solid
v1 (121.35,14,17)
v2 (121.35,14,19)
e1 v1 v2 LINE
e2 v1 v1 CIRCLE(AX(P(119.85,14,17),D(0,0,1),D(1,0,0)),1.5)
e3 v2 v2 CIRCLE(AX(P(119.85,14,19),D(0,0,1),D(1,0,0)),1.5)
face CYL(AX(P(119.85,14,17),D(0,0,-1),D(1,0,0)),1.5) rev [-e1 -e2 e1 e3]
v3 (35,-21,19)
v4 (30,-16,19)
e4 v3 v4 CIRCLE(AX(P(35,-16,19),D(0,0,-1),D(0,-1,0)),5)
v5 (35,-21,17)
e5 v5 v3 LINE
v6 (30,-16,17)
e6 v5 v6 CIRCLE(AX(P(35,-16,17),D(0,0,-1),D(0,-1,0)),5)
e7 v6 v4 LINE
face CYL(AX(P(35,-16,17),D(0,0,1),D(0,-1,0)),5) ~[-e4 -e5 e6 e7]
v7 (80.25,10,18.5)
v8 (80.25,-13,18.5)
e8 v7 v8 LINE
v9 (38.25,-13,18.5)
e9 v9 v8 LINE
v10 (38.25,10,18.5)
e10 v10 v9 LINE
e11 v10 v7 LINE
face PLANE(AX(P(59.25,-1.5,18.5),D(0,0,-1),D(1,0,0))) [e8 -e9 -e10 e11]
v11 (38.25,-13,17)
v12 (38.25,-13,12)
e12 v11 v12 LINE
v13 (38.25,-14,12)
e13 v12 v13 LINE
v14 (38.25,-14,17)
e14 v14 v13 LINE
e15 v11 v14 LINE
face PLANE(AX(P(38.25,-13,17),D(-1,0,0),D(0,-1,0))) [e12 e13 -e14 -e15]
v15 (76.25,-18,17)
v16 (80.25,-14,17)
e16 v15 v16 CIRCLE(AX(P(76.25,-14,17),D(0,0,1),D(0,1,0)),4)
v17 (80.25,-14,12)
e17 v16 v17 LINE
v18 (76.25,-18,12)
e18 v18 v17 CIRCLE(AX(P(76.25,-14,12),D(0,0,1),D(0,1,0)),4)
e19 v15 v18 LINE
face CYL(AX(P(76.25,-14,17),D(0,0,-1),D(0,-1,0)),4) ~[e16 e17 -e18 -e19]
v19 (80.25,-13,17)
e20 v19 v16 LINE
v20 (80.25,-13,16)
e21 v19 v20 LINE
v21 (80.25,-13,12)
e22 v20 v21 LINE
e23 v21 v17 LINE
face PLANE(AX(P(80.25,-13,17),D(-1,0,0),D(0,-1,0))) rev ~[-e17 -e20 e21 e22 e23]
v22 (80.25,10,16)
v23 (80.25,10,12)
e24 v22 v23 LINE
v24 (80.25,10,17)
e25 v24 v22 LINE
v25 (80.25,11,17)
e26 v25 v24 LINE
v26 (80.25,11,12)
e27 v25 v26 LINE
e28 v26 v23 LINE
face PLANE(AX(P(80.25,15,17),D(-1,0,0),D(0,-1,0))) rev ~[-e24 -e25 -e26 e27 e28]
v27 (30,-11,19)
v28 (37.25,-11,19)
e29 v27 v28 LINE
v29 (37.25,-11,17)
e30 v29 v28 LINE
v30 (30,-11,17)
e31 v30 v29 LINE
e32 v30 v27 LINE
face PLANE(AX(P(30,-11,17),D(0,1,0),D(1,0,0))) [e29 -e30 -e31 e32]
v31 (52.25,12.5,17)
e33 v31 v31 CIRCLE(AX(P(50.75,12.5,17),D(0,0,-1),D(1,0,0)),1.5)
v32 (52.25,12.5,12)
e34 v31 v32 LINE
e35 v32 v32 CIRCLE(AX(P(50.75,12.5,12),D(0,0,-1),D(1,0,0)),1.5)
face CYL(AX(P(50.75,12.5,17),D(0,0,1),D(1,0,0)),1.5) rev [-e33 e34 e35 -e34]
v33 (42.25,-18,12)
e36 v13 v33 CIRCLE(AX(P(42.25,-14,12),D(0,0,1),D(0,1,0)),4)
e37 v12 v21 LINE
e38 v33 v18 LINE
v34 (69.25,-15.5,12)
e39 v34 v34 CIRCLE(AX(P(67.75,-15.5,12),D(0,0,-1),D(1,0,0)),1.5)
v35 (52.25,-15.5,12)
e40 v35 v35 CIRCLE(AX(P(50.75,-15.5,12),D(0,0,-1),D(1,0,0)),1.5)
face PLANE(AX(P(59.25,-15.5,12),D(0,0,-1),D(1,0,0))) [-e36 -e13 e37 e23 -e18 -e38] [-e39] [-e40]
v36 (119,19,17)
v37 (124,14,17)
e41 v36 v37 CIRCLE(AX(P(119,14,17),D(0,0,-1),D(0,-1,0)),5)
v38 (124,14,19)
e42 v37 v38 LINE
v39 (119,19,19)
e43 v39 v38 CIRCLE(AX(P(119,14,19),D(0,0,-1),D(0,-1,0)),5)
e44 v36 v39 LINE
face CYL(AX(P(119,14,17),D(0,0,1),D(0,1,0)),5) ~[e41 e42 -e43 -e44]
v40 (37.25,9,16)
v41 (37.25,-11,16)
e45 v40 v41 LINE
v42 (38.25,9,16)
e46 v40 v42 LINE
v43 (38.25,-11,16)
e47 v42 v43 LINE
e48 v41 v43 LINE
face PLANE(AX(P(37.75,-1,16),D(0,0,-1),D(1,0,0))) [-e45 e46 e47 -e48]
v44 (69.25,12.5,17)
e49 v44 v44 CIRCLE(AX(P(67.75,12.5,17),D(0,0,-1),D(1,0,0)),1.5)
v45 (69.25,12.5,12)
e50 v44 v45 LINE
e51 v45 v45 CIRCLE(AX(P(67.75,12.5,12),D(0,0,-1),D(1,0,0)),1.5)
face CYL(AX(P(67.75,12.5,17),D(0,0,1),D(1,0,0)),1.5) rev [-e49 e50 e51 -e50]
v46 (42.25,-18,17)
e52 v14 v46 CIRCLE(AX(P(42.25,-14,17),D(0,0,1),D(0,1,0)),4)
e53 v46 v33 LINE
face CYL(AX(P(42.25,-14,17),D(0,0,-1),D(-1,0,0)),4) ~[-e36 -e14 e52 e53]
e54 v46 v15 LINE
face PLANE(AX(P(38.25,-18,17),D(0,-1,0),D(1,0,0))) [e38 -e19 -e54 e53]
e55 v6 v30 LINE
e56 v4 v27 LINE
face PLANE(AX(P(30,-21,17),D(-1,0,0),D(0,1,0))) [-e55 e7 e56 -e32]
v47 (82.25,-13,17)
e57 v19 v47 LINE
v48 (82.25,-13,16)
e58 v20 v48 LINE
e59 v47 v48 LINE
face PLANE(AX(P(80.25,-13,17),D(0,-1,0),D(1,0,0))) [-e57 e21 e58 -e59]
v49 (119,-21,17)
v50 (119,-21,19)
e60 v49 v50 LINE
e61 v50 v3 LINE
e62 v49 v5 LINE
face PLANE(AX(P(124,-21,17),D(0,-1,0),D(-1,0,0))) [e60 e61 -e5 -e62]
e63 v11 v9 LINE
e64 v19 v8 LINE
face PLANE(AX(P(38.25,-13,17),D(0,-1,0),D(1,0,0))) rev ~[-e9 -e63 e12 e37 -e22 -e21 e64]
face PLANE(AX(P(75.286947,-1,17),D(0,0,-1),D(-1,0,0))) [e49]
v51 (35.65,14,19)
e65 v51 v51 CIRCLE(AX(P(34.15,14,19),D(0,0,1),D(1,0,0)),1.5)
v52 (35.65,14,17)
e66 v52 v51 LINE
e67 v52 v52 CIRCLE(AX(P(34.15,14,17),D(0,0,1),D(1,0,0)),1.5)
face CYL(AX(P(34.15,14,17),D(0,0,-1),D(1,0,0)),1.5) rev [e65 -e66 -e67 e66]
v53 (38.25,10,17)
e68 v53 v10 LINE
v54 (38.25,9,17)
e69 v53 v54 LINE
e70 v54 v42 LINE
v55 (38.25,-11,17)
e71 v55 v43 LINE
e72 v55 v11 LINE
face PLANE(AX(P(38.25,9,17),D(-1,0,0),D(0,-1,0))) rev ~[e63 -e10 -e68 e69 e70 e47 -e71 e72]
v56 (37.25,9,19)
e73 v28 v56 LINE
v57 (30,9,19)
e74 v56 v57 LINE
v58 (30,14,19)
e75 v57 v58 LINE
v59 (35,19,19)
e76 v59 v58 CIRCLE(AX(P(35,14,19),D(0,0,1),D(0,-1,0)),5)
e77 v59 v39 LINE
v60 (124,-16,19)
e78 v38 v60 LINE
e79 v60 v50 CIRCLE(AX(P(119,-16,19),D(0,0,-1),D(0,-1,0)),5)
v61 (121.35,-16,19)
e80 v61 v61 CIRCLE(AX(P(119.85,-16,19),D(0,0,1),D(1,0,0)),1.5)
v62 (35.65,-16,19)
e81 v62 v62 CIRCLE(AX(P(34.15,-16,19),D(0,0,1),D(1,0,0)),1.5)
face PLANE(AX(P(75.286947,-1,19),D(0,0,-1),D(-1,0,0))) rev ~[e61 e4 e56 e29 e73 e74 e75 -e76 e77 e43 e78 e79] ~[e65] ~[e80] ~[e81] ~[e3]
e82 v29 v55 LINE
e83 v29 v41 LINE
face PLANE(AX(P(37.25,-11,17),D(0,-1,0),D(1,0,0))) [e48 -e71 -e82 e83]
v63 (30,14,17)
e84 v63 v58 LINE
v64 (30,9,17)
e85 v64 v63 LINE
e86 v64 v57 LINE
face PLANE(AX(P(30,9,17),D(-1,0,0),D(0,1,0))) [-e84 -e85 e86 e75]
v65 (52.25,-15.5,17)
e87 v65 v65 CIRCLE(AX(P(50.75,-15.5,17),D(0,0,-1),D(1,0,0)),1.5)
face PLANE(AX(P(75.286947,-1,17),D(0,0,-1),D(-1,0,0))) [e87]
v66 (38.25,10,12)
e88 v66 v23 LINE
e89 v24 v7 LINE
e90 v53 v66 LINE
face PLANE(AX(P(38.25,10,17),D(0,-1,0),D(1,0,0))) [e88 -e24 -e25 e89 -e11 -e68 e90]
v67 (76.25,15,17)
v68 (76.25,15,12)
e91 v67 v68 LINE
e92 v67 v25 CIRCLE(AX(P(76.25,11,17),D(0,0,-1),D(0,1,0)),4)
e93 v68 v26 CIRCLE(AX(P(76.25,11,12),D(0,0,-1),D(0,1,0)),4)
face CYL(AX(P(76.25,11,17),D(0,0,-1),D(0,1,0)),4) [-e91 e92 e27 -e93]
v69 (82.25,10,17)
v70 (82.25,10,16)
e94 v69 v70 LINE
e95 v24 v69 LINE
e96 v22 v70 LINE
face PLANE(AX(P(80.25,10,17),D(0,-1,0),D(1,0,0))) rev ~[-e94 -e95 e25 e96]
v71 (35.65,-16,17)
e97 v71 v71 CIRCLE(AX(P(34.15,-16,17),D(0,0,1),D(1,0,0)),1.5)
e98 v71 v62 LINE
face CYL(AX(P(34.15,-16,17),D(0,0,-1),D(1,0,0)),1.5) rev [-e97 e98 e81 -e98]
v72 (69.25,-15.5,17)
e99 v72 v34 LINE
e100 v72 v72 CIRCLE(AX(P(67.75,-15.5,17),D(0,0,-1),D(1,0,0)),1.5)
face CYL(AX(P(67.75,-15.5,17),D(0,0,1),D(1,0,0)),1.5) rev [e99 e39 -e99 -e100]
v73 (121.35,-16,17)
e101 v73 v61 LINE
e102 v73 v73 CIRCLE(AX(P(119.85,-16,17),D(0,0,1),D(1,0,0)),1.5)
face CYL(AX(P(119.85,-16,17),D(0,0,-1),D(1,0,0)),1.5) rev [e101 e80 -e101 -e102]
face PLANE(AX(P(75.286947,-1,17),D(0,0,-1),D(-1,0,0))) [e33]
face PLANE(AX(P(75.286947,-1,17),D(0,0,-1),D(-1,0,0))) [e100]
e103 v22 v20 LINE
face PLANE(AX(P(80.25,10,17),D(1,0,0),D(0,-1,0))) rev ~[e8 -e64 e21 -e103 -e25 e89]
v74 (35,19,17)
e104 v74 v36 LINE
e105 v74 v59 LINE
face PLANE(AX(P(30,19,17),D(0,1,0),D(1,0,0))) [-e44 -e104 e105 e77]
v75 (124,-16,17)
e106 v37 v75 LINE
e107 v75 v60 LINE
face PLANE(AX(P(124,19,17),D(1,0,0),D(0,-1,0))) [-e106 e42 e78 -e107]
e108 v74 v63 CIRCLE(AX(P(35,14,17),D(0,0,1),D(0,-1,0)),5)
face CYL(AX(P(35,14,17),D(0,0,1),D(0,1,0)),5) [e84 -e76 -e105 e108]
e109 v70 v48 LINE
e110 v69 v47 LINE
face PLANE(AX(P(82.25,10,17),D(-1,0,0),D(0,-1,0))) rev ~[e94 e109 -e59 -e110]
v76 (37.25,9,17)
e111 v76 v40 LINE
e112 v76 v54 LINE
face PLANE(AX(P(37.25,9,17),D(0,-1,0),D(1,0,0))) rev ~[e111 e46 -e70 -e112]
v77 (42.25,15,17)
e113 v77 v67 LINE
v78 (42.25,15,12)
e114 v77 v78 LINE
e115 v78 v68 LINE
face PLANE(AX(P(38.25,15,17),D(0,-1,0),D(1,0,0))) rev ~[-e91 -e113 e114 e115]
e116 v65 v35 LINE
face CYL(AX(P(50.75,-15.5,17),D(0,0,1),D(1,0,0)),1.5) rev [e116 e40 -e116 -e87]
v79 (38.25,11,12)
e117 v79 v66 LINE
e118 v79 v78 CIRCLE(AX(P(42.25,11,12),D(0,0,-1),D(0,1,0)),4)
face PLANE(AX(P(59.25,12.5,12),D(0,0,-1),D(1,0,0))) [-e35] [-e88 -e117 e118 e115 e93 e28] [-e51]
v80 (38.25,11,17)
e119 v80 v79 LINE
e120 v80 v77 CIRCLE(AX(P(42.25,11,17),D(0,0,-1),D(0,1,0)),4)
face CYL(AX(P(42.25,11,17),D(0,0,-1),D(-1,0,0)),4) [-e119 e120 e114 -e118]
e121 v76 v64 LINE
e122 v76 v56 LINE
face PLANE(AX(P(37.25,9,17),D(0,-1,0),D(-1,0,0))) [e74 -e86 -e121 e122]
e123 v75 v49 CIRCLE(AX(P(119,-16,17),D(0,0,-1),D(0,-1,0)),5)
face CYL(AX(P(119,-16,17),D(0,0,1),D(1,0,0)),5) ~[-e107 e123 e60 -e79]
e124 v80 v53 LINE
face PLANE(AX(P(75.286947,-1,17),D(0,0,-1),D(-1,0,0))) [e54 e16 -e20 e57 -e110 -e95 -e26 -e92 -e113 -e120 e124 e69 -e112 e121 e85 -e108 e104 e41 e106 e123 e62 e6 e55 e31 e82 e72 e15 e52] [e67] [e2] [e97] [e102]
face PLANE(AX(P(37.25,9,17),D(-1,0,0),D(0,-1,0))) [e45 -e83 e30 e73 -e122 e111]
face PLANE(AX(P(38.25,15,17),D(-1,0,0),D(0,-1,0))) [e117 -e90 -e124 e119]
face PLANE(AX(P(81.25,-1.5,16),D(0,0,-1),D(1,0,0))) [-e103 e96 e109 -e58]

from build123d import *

# Parameters (mm, degrees)
SKETCH_R        = 1.5
PAD_DEPTH       = 2
FILLET001_R     = 5
SKETCH003_W     = 42
SKETCH003_H     = 23
POCKET001_DEPTH = 1.5
SKETCH004_W     = 42
SKETCH004_H     = 5
SKETCH004_R     = 1.5
PAD002_DEPTH    = 5
FILLET002_R     = 4
SKETCH007_W     = 1
SKETCH007_H     = 20
SKETCH007_W_2   = 2
SKETCH007_H_2   = 23
PAD004_DEPTH    = 1


with BuildPart() as part:
    # Sketch → Pad (new body)
    with BuildSketch(Plane.XY):
        Polygon((-47, 20), (47, 20), (47, -20), (-47, -20), (-47, -10), (-39.75, -10), (-39.75, 10), (-47, 10), align=None)
        with Locations((-42.85, 15)):
            Circle(SKETCH_R, mode=Mode.SUBTRACT)
        with Locations((-42.85, -15)):
            Circle(SKETCH_R, mode=Mode.SUBTRACT)
        with Locations((42.85, -15)):
            Circle(SKETCH_R, mode=Mode.SUBTRACT)
        with Locations((42.85, 15)):
            Circle(SKETCH_R, mode=Mode.SUBTRACT)
    extrude(amount=PAD_DEPTH)

    # Fillet001
    fillet001_edges = [part.edges().sort_by_distance(p)[0] for p in [
        (47, -20, 1),
        (47, 20, 1),
        (-47, -20, 1),
        (-47, 20, 1),
    ]]
    fillet(fillet001_edges, radius=FILLET001_R)

    # Sketch003 (on Face2 of Fillet001) → Pocket001 (cut)
    with BuildSketch(Plane(origin=(0, 0, 0), x_dir=(1, 0, 0), z_dir=(0, 0, -1))):
        with Locations((-17.75, 0.5)):
            Rectangle(SKETCH003_W, SKETCH003_H)
    extrude(amount=-POCKET001_DEPTH, mode=Mode.SUBTRACT)

    # Sketch004 (on Face2 of Pocket001) → Pad002 (join)
    with BuildSketch(Plane(origin=(0, 0, 0), x_dir=(1, 0, 0), z_dir=(0, 0, -1))):
        with Locations((-17.75, 14.5)):
            Rectangle(SKETCH004_W, SKETCH004_H)
        with Locations((-26.25, 14.5)):
            Circle(SKETCH004_R, mode=Mode.SUBTRACT)
        with Locations((-9.25, 14.5)):
            Circle(SKETCH004_R, mode=Mode.SUBTRACT)
        with Locations((-17.75, -13.5)):
            Rectangle(SKETCH004_W, SKETCH004_H)
        with Locations((-26.25, -13.5)):
            Circle(SKETCH004_R, mode=Mode.SUBTRACT)
        with Locations((-9.25, -13.5)):
            Circle(SKETCH004_R, mode=Mode.SUBTRACT)
    extrude(amount=PAD002_DEPTH)

    # Fillet002
    fillet002_edges = [part.edges().sort_by_distance(p)[0] for p in [
        (3.25, 16, -2.5),
        (3.25, -17, -2.5),
        (-38.75, 16, -2.5),
        (-38.75, -17, -2.5),
    ]]
    fillet(fillet002_edges, radius=FILLET002_R)

    # Sketch007 (on Face1 of Fillet002) → Pad004 (join)
    with BuildSketch(Plane(origin=(0, 0, 0), x_dir=(1, 0, 0), z_dir=(0, 0, -1))):
        with Locations((-39.25, 0)):
            Rectangle(SKETCH007_W, SKETCH007_H)
        with Locations((4.25, 0.5)):
            Rectangle(SKETCH007_W_2, SKETCH007_H_2)
    extrude(amount=PAD004_DEPTH)


with BuildPart() as part_1:
    # Body placement: moved
    add(part.part.moved(Location((77, -1, 17))))


solid = part_1.part
